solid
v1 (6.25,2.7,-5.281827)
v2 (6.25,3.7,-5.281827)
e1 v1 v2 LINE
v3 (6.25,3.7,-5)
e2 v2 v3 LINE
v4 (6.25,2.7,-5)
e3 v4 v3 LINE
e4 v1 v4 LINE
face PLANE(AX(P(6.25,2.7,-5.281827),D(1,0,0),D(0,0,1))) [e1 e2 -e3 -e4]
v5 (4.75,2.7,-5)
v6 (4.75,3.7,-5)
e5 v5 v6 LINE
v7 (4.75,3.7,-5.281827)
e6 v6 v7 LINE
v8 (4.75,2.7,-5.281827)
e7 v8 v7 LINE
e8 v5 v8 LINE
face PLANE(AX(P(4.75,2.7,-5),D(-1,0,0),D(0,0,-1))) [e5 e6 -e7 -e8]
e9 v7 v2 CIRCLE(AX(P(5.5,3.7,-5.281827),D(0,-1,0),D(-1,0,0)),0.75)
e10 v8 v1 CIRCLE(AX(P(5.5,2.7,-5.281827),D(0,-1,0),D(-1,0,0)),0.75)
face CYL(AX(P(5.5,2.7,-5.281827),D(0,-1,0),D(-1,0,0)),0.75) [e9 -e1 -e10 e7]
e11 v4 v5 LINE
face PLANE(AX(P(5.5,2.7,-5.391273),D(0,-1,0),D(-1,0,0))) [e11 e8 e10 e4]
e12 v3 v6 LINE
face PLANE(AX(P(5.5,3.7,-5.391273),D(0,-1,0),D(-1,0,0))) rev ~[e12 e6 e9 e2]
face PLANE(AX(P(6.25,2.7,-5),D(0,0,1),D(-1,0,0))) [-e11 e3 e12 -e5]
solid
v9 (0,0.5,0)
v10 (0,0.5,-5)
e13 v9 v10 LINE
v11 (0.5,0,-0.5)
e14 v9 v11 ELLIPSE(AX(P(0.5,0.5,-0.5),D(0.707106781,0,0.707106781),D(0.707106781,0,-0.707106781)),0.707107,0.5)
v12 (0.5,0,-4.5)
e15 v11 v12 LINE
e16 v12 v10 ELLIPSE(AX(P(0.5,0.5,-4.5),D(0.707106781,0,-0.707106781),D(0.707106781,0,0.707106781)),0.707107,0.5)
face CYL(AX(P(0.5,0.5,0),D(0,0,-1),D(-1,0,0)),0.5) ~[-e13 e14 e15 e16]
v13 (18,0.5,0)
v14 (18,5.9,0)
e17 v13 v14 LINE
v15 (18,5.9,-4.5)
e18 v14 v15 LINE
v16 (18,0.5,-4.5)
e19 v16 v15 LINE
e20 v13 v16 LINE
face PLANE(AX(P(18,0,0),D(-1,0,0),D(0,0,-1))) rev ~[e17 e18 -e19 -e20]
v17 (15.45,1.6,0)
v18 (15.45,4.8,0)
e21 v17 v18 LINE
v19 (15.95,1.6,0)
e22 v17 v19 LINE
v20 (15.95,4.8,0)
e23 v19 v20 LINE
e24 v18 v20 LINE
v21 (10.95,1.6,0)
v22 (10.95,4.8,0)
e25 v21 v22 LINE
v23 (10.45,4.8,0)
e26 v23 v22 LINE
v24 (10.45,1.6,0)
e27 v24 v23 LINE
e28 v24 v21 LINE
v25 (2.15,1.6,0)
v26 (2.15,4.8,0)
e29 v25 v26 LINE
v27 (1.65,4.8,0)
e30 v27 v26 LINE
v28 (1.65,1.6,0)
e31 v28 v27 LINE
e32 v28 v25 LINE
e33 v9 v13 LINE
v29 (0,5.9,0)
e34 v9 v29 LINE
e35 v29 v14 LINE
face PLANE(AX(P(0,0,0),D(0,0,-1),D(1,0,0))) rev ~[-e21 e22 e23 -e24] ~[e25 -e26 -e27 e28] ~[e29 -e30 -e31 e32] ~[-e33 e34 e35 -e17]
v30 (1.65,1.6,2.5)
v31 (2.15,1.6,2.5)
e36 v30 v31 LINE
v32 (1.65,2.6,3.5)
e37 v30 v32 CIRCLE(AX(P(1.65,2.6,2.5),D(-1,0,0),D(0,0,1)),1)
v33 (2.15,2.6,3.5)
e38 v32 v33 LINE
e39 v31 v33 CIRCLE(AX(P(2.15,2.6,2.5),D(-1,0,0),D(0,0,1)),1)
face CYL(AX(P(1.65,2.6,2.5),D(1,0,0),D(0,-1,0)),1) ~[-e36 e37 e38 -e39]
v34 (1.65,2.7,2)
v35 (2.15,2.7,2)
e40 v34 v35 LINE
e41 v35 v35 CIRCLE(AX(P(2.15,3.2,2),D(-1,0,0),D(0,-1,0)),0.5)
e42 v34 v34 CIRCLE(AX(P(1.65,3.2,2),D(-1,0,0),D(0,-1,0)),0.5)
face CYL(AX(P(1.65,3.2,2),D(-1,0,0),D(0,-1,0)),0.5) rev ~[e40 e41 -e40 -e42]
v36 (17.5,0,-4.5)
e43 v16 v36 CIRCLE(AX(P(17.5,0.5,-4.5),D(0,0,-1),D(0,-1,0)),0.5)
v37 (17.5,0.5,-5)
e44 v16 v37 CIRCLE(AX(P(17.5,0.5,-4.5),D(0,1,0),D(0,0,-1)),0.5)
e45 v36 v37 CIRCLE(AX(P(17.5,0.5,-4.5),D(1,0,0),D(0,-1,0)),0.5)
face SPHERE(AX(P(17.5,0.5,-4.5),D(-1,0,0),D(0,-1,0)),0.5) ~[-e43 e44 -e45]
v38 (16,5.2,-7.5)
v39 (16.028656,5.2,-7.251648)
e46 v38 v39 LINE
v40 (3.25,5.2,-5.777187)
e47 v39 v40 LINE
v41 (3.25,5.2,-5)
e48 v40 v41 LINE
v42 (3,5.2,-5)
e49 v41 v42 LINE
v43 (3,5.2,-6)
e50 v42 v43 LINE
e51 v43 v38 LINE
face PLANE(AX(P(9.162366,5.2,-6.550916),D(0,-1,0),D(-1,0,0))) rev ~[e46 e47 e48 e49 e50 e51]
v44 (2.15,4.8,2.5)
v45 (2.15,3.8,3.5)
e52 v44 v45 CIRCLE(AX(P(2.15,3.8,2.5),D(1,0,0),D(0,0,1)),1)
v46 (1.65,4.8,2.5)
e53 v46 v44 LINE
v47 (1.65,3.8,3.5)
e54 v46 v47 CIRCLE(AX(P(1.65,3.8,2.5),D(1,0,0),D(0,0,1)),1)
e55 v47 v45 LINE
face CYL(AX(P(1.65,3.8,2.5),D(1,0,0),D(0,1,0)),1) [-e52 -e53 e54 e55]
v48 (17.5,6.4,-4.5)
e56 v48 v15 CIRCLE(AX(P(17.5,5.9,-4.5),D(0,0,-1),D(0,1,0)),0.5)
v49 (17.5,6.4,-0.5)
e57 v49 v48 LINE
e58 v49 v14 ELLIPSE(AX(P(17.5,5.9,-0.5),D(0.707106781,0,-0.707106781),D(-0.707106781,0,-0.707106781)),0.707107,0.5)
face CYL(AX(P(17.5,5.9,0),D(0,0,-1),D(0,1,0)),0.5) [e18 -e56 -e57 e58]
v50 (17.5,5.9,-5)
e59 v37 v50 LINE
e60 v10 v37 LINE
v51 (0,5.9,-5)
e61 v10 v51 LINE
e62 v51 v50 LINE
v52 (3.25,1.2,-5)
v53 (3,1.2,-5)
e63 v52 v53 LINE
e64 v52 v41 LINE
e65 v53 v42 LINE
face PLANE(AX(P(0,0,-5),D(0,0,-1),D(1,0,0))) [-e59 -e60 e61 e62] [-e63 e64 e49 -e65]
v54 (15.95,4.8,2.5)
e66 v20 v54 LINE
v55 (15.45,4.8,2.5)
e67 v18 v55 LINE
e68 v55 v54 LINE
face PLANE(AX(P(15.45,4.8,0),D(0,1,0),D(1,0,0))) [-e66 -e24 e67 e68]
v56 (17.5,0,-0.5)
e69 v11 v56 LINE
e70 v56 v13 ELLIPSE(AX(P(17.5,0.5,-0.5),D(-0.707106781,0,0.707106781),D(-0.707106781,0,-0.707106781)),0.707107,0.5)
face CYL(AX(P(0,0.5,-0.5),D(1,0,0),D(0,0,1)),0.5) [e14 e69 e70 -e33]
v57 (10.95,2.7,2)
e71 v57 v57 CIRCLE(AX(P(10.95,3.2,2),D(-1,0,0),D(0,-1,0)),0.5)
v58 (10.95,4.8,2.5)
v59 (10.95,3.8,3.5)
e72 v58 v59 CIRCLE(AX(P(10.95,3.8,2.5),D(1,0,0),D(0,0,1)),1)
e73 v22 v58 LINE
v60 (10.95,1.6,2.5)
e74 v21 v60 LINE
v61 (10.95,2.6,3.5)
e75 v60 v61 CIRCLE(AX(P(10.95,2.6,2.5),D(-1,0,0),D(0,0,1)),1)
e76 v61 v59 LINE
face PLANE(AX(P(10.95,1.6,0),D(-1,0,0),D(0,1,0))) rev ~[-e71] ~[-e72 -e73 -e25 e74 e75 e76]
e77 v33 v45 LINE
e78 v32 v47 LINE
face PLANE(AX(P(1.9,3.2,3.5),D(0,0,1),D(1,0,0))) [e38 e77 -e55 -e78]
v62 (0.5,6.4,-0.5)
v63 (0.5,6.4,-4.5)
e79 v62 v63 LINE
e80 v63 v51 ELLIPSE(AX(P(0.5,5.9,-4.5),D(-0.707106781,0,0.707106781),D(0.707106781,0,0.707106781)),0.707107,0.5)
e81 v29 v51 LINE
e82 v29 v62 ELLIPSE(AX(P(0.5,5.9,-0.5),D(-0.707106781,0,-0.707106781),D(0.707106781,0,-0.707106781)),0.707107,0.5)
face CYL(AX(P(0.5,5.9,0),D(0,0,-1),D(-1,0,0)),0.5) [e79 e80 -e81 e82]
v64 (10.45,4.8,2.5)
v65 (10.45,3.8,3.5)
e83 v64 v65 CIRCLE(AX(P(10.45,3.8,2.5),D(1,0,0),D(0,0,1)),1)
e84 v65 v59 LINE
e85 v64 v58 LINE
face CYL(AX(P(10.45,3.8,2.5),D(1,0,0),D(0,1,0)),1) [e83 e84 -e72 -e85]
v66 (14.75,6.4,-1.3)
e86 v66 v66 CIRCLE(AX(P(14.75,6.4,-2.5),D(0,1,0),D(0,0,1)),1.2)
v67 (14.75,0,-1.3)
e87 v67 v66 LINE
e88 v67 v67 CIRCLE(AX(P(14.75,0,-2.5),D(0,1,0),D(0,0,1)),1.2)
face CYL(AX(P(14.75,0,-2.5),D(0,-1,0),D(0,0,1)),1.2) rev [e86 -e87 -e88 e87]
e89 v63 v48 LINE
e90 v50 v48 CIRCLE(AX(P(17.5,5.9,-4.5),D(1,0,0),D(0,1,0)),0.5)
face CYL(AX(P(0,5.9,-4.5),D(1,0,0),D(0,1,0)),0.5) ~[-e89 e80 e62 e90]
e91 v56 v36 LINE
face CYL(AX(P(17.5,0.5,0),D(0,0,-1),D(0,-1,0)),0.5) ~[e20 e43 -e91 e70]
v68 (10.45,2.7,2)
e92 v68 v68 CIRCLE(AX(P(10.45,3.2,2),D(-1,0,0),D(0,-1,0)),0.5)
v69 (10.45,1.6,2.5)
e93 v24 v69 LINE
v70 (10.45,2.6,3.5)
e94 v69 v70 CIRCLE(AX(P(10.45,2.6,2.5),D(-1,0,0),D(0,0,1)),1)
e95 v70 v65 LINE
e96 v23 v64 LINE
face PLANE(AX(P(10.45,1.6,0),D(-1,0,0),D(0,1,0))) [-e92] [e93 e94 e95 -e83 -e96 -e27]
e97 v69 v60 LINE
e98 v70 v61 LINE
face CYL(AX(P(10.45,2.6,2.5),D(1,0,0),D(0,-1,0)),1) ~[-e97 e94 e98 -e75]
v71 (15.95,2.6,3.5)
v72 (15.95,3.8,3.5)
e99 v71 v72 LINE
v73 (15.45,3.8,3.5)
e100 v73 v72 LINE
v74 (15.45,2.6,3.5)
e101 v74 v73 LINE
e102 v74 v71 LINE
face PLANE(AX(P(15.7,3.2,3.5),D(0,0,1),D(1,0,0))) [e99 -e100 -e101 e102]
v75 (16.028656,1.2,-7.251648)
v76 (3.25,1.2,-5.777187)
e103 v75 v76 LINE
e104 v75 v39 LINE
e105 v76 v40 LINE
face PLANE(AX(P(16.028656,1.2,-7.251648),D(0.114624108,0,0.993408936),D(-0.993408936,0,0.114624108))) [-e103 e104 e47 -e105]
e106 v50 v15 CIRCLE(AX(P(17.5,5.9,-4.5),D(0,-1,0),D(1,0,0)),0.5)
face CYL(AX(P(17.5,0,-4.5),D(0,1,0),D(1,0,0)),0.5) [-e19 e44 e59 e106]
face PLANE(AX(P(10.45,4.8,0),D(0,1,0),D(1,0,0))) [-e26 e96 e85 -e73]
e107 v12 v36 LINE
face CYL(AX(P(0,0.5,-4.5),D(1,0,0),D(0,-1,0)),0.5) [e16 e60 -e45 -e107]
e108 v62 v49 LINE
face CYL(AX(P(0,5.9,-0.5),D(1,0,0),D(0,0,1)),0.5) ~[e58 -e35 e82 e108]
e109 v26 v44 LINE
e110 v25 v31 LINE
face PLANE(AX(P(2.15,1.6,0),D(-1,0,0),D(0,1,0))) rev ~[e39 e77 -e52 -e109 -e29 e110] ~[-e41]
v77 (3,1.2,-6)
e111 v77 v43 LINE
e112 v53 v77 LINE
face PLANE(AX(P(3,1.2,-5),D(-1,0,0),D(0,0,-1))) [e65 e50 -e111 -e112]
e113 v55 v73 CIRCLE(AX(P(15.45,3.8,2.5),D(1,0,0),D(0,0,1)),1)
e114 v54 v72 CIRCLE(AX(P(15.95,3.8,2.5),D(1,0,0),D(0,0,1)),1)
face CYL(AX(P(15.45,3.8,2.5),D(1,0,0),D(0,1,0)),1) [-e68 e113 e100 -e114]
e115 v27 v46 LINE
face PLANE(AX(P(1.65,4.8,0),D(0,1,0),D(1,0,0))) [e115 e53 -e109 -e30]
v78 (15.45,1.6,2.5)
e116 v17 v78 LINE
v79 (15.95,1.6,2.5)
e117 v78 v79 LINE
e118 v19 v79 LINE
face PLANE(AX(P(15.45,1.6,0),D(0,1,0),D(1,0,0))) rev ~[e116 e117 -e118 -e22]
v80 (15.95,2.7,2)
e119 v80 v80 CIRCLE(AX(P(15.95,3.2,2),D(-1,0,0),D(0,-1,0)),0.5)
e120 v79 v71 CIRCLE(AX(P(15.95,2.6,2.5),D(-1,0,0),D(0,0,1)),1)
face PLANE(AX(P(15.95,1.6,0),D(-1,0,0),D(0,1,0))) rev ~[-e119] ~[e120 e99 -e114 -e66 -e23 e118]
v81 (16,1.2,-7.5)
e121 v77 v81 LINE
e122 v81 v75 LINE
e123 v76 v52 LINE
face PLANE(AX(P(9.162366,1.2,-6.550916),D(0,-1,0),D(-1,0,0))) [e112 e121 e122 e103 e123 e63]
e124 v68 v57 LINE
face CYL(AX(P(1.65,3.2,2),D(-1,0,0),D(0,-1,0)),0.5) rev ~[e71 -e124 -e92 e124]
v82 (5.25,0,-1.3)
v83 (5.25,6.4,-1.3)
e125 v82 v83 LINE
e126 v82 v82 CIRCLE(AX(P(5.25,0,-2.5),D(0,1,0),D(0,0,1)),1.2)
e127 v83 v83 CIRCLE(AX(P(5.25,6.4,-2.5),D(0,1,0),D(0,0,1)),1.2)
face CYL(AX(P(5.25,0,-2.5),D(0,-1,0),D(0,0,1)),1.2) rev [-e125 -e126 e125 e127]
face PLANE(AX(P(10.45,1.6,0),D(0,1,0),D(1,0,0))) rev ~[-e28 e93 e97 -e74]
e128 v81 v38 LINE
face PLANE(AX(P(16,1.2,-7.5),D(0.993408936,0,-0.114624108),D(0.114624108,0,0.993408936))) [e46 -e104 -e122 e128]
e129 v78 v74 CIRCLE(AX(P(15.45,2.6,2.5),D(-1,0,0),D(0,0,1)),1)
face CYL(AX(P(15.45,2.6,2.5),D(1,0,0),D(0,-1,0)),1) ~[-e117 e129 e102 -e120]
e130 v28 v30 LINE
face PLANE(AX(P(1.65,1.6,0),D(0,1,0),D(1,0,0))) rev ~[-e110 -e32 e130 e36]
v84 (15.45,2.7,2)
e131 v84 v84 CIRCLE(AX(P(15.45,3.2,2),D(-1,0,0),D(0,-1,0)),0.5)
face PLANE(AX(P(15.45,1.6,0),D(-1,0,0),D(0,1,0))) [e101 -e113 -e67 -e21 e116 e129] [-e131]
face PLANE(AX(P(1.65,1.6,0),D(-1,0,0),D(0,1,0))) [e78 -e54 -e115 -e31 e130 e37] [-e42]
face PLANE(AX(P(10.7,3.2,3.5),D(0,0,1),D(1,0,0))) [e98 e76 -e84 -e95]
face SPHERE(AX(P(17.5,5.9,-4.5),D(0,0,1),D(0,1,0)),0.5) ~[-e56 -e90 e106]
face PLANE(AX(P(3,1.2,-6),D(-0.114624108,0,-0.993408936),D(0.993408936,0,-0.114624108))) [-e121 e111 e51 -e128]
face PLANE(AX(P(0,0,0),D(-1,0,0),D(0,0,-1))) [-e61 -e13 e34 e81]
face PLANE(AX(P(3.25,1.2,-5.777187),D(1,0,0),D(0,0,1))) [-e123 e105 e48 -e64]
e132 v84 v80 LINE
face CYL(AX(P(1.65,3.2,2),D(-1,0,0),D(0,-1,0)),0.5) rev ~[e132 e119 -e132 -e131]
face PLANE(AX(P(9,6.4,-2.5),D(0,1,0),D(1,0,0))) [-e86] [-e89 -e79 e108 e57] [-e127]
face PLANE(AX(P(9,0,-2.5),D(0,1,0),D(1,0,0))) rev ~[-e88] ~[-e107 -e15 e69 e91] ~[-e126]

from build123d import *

# Parameters (mm, degrees)
SKETCH1_W                = 18
SKETCH1_H                = 5
SKETCH1_R                = 1.2
BOSS_EXTRUDE1_DEPTH      = 6.4
SKETCH2_W                = 0.5
SKETCH2_H                = 3.2
BOSS_EXTRUDE2_DEPTH      = 3.5
SKETCH3_R                = 0.5
CUT_EXTRUDE1_DEPTH       = 19.256026402
FILLET1_R                = 1
FILLET2_R                = 0.5
EXTRUDE_THIN2_DEPTH      = 2
EXTRUDE_THIN2_DEPTH_BACK = 2
BOSS_EXTRUDE6_DEPTH      = 0.5
BOSS_EXTRUDE6_DEPTH_BACK = 0.5


with BuildPart() as part:
    # Sketch1 → Boss-Extrude1 (new body)
    with BuildSketch(Plane(origin=(0, 0, 0), x_dir=(1, 0, 0), z_dir=(0, 1, 0))):
        with Locations((9, 2.5)):
            Rectangle(SKETCH1_W, SKETCH1_H)
        with Locations(Location((5.25, 2.5, 0), (0, 0, 270))):
            Circle(SKETCH1_R, mode=Mode.SUBTRACT)
        with Locations(Location((14.75, 2.5, 0), (0, 0, 270))):
            Circle(SKETCH1_R, mode=Mode.SUBTRACT)
    extrude(amount=BOSS_EXTRUDE1_DEPTH)

    # Sketch2 → Boss-Extrude2 (add)
    with BuildSketch(Plane.XY):
        with Locations((15.7, 3.2)):
            Rectangle(SKETCH2_W, SKETCH2_H)
        with Locations((10.7, 3.2)):
            Rectangle(SKETCH2_W, SKETCH2_H)
        with Locations((1.9, 3.2)):
            Rectangle(SKETCH2_W, SKETCH2_H)
    extrude(amount=BOSS_EXTRUDE2_DEPTH)

    # Sketch3 → Cut-Extrude1 (cut, through all)
    with BuildSketch(Plane.ZY.offset(-1.65)):
        with Locations(Location((2, 3.2, 0), (0, 0, 270))):
            Circle(SKETCH3_R)
    extrude(amount=-CUT_EXTRUDE1_DEPTH, mode=Mode.SUBTRACT)

    # Fillet1
    fillet1_edges = [part.edges().sort_by_distance(p)[0] for p in [
        (15.7, 1.6, 3.5),
        (15.7, 4.8, 3.5),
        (10.7, 4.8, 3.5),
        (10.7, 1.6, 3.5),
        (1.9, 4.8, 3.5),
        (1.9, 1.6, 3.5),
    ]]
    fillet(fillet1_edges, radius=FILLET1_R)

    # Fillet2
    fillet2_edges = [part.edges().sort_by_distance(p)[0] for p in [
        (18, 6.4, -2.5),
        (9, 6.4, -5),
        (0, 6.4, -2.5),
        (9, 0, -5),
        (18, 0, -2.5),
        (9, 0, 0),
        (0, 0, -2.5),
        (9, 6.4, 0),
        (18, 3.2, -5),
    ]]
    fillet(fillet2_edges, radius=FILLET2_R)

    # Sketch4 → Extrude-Thin2 (add, two sides: drawn at the far end of the back side and taken through both)
    with BuildSketch(Plane(origin=(0, 3.2, 0), x_dir=(1, 0, 0), z_dir=(0, 1, 0)).offset(-EXTRUDE_THIN2_DEPTH_BACK)):
        Polygon((3, 5), (3, 6), (16, 7.5), (16.028656027, 7.251647766), (3.25, 5.777187455), (3.25, 5), align=None)
    extrude(amount=EXTRUDE_THIN2_DEPTH + EXTRUDE_THIN2_DEPTH_BACK)


with BuildPart() as body_2:
    # Sketch5 → Boss-Extrude6 (new, two sides: drawn at the far end of the back side and taken through both)
    with BuildSketch(Plane(origin=(0, 3.2, 0), x_dir=(1, 0, 0), z_dir=(0, 1, 0)).offset(-BOSS_EXTRUDE6_DEPTH_BACK)):
        with BuildLine():
            Line((4.75, 5), (4.75, 5.281826744))
            ThreePointArc((4.75, 5.281826744), (5.5, 6.031826744), (6.25, 5.281826744))
            Line((6.25, 5.281826744), (6.25, 5))
            Line((6.25, 5), (4.75, 5))
        make_face()
    extrude(amount=BOSS_EXTRUDE6_DEPTH + BOSS_EXTRUDE6_DEPTH_BACK)


solid = Compound([part.part, body_2.part])
